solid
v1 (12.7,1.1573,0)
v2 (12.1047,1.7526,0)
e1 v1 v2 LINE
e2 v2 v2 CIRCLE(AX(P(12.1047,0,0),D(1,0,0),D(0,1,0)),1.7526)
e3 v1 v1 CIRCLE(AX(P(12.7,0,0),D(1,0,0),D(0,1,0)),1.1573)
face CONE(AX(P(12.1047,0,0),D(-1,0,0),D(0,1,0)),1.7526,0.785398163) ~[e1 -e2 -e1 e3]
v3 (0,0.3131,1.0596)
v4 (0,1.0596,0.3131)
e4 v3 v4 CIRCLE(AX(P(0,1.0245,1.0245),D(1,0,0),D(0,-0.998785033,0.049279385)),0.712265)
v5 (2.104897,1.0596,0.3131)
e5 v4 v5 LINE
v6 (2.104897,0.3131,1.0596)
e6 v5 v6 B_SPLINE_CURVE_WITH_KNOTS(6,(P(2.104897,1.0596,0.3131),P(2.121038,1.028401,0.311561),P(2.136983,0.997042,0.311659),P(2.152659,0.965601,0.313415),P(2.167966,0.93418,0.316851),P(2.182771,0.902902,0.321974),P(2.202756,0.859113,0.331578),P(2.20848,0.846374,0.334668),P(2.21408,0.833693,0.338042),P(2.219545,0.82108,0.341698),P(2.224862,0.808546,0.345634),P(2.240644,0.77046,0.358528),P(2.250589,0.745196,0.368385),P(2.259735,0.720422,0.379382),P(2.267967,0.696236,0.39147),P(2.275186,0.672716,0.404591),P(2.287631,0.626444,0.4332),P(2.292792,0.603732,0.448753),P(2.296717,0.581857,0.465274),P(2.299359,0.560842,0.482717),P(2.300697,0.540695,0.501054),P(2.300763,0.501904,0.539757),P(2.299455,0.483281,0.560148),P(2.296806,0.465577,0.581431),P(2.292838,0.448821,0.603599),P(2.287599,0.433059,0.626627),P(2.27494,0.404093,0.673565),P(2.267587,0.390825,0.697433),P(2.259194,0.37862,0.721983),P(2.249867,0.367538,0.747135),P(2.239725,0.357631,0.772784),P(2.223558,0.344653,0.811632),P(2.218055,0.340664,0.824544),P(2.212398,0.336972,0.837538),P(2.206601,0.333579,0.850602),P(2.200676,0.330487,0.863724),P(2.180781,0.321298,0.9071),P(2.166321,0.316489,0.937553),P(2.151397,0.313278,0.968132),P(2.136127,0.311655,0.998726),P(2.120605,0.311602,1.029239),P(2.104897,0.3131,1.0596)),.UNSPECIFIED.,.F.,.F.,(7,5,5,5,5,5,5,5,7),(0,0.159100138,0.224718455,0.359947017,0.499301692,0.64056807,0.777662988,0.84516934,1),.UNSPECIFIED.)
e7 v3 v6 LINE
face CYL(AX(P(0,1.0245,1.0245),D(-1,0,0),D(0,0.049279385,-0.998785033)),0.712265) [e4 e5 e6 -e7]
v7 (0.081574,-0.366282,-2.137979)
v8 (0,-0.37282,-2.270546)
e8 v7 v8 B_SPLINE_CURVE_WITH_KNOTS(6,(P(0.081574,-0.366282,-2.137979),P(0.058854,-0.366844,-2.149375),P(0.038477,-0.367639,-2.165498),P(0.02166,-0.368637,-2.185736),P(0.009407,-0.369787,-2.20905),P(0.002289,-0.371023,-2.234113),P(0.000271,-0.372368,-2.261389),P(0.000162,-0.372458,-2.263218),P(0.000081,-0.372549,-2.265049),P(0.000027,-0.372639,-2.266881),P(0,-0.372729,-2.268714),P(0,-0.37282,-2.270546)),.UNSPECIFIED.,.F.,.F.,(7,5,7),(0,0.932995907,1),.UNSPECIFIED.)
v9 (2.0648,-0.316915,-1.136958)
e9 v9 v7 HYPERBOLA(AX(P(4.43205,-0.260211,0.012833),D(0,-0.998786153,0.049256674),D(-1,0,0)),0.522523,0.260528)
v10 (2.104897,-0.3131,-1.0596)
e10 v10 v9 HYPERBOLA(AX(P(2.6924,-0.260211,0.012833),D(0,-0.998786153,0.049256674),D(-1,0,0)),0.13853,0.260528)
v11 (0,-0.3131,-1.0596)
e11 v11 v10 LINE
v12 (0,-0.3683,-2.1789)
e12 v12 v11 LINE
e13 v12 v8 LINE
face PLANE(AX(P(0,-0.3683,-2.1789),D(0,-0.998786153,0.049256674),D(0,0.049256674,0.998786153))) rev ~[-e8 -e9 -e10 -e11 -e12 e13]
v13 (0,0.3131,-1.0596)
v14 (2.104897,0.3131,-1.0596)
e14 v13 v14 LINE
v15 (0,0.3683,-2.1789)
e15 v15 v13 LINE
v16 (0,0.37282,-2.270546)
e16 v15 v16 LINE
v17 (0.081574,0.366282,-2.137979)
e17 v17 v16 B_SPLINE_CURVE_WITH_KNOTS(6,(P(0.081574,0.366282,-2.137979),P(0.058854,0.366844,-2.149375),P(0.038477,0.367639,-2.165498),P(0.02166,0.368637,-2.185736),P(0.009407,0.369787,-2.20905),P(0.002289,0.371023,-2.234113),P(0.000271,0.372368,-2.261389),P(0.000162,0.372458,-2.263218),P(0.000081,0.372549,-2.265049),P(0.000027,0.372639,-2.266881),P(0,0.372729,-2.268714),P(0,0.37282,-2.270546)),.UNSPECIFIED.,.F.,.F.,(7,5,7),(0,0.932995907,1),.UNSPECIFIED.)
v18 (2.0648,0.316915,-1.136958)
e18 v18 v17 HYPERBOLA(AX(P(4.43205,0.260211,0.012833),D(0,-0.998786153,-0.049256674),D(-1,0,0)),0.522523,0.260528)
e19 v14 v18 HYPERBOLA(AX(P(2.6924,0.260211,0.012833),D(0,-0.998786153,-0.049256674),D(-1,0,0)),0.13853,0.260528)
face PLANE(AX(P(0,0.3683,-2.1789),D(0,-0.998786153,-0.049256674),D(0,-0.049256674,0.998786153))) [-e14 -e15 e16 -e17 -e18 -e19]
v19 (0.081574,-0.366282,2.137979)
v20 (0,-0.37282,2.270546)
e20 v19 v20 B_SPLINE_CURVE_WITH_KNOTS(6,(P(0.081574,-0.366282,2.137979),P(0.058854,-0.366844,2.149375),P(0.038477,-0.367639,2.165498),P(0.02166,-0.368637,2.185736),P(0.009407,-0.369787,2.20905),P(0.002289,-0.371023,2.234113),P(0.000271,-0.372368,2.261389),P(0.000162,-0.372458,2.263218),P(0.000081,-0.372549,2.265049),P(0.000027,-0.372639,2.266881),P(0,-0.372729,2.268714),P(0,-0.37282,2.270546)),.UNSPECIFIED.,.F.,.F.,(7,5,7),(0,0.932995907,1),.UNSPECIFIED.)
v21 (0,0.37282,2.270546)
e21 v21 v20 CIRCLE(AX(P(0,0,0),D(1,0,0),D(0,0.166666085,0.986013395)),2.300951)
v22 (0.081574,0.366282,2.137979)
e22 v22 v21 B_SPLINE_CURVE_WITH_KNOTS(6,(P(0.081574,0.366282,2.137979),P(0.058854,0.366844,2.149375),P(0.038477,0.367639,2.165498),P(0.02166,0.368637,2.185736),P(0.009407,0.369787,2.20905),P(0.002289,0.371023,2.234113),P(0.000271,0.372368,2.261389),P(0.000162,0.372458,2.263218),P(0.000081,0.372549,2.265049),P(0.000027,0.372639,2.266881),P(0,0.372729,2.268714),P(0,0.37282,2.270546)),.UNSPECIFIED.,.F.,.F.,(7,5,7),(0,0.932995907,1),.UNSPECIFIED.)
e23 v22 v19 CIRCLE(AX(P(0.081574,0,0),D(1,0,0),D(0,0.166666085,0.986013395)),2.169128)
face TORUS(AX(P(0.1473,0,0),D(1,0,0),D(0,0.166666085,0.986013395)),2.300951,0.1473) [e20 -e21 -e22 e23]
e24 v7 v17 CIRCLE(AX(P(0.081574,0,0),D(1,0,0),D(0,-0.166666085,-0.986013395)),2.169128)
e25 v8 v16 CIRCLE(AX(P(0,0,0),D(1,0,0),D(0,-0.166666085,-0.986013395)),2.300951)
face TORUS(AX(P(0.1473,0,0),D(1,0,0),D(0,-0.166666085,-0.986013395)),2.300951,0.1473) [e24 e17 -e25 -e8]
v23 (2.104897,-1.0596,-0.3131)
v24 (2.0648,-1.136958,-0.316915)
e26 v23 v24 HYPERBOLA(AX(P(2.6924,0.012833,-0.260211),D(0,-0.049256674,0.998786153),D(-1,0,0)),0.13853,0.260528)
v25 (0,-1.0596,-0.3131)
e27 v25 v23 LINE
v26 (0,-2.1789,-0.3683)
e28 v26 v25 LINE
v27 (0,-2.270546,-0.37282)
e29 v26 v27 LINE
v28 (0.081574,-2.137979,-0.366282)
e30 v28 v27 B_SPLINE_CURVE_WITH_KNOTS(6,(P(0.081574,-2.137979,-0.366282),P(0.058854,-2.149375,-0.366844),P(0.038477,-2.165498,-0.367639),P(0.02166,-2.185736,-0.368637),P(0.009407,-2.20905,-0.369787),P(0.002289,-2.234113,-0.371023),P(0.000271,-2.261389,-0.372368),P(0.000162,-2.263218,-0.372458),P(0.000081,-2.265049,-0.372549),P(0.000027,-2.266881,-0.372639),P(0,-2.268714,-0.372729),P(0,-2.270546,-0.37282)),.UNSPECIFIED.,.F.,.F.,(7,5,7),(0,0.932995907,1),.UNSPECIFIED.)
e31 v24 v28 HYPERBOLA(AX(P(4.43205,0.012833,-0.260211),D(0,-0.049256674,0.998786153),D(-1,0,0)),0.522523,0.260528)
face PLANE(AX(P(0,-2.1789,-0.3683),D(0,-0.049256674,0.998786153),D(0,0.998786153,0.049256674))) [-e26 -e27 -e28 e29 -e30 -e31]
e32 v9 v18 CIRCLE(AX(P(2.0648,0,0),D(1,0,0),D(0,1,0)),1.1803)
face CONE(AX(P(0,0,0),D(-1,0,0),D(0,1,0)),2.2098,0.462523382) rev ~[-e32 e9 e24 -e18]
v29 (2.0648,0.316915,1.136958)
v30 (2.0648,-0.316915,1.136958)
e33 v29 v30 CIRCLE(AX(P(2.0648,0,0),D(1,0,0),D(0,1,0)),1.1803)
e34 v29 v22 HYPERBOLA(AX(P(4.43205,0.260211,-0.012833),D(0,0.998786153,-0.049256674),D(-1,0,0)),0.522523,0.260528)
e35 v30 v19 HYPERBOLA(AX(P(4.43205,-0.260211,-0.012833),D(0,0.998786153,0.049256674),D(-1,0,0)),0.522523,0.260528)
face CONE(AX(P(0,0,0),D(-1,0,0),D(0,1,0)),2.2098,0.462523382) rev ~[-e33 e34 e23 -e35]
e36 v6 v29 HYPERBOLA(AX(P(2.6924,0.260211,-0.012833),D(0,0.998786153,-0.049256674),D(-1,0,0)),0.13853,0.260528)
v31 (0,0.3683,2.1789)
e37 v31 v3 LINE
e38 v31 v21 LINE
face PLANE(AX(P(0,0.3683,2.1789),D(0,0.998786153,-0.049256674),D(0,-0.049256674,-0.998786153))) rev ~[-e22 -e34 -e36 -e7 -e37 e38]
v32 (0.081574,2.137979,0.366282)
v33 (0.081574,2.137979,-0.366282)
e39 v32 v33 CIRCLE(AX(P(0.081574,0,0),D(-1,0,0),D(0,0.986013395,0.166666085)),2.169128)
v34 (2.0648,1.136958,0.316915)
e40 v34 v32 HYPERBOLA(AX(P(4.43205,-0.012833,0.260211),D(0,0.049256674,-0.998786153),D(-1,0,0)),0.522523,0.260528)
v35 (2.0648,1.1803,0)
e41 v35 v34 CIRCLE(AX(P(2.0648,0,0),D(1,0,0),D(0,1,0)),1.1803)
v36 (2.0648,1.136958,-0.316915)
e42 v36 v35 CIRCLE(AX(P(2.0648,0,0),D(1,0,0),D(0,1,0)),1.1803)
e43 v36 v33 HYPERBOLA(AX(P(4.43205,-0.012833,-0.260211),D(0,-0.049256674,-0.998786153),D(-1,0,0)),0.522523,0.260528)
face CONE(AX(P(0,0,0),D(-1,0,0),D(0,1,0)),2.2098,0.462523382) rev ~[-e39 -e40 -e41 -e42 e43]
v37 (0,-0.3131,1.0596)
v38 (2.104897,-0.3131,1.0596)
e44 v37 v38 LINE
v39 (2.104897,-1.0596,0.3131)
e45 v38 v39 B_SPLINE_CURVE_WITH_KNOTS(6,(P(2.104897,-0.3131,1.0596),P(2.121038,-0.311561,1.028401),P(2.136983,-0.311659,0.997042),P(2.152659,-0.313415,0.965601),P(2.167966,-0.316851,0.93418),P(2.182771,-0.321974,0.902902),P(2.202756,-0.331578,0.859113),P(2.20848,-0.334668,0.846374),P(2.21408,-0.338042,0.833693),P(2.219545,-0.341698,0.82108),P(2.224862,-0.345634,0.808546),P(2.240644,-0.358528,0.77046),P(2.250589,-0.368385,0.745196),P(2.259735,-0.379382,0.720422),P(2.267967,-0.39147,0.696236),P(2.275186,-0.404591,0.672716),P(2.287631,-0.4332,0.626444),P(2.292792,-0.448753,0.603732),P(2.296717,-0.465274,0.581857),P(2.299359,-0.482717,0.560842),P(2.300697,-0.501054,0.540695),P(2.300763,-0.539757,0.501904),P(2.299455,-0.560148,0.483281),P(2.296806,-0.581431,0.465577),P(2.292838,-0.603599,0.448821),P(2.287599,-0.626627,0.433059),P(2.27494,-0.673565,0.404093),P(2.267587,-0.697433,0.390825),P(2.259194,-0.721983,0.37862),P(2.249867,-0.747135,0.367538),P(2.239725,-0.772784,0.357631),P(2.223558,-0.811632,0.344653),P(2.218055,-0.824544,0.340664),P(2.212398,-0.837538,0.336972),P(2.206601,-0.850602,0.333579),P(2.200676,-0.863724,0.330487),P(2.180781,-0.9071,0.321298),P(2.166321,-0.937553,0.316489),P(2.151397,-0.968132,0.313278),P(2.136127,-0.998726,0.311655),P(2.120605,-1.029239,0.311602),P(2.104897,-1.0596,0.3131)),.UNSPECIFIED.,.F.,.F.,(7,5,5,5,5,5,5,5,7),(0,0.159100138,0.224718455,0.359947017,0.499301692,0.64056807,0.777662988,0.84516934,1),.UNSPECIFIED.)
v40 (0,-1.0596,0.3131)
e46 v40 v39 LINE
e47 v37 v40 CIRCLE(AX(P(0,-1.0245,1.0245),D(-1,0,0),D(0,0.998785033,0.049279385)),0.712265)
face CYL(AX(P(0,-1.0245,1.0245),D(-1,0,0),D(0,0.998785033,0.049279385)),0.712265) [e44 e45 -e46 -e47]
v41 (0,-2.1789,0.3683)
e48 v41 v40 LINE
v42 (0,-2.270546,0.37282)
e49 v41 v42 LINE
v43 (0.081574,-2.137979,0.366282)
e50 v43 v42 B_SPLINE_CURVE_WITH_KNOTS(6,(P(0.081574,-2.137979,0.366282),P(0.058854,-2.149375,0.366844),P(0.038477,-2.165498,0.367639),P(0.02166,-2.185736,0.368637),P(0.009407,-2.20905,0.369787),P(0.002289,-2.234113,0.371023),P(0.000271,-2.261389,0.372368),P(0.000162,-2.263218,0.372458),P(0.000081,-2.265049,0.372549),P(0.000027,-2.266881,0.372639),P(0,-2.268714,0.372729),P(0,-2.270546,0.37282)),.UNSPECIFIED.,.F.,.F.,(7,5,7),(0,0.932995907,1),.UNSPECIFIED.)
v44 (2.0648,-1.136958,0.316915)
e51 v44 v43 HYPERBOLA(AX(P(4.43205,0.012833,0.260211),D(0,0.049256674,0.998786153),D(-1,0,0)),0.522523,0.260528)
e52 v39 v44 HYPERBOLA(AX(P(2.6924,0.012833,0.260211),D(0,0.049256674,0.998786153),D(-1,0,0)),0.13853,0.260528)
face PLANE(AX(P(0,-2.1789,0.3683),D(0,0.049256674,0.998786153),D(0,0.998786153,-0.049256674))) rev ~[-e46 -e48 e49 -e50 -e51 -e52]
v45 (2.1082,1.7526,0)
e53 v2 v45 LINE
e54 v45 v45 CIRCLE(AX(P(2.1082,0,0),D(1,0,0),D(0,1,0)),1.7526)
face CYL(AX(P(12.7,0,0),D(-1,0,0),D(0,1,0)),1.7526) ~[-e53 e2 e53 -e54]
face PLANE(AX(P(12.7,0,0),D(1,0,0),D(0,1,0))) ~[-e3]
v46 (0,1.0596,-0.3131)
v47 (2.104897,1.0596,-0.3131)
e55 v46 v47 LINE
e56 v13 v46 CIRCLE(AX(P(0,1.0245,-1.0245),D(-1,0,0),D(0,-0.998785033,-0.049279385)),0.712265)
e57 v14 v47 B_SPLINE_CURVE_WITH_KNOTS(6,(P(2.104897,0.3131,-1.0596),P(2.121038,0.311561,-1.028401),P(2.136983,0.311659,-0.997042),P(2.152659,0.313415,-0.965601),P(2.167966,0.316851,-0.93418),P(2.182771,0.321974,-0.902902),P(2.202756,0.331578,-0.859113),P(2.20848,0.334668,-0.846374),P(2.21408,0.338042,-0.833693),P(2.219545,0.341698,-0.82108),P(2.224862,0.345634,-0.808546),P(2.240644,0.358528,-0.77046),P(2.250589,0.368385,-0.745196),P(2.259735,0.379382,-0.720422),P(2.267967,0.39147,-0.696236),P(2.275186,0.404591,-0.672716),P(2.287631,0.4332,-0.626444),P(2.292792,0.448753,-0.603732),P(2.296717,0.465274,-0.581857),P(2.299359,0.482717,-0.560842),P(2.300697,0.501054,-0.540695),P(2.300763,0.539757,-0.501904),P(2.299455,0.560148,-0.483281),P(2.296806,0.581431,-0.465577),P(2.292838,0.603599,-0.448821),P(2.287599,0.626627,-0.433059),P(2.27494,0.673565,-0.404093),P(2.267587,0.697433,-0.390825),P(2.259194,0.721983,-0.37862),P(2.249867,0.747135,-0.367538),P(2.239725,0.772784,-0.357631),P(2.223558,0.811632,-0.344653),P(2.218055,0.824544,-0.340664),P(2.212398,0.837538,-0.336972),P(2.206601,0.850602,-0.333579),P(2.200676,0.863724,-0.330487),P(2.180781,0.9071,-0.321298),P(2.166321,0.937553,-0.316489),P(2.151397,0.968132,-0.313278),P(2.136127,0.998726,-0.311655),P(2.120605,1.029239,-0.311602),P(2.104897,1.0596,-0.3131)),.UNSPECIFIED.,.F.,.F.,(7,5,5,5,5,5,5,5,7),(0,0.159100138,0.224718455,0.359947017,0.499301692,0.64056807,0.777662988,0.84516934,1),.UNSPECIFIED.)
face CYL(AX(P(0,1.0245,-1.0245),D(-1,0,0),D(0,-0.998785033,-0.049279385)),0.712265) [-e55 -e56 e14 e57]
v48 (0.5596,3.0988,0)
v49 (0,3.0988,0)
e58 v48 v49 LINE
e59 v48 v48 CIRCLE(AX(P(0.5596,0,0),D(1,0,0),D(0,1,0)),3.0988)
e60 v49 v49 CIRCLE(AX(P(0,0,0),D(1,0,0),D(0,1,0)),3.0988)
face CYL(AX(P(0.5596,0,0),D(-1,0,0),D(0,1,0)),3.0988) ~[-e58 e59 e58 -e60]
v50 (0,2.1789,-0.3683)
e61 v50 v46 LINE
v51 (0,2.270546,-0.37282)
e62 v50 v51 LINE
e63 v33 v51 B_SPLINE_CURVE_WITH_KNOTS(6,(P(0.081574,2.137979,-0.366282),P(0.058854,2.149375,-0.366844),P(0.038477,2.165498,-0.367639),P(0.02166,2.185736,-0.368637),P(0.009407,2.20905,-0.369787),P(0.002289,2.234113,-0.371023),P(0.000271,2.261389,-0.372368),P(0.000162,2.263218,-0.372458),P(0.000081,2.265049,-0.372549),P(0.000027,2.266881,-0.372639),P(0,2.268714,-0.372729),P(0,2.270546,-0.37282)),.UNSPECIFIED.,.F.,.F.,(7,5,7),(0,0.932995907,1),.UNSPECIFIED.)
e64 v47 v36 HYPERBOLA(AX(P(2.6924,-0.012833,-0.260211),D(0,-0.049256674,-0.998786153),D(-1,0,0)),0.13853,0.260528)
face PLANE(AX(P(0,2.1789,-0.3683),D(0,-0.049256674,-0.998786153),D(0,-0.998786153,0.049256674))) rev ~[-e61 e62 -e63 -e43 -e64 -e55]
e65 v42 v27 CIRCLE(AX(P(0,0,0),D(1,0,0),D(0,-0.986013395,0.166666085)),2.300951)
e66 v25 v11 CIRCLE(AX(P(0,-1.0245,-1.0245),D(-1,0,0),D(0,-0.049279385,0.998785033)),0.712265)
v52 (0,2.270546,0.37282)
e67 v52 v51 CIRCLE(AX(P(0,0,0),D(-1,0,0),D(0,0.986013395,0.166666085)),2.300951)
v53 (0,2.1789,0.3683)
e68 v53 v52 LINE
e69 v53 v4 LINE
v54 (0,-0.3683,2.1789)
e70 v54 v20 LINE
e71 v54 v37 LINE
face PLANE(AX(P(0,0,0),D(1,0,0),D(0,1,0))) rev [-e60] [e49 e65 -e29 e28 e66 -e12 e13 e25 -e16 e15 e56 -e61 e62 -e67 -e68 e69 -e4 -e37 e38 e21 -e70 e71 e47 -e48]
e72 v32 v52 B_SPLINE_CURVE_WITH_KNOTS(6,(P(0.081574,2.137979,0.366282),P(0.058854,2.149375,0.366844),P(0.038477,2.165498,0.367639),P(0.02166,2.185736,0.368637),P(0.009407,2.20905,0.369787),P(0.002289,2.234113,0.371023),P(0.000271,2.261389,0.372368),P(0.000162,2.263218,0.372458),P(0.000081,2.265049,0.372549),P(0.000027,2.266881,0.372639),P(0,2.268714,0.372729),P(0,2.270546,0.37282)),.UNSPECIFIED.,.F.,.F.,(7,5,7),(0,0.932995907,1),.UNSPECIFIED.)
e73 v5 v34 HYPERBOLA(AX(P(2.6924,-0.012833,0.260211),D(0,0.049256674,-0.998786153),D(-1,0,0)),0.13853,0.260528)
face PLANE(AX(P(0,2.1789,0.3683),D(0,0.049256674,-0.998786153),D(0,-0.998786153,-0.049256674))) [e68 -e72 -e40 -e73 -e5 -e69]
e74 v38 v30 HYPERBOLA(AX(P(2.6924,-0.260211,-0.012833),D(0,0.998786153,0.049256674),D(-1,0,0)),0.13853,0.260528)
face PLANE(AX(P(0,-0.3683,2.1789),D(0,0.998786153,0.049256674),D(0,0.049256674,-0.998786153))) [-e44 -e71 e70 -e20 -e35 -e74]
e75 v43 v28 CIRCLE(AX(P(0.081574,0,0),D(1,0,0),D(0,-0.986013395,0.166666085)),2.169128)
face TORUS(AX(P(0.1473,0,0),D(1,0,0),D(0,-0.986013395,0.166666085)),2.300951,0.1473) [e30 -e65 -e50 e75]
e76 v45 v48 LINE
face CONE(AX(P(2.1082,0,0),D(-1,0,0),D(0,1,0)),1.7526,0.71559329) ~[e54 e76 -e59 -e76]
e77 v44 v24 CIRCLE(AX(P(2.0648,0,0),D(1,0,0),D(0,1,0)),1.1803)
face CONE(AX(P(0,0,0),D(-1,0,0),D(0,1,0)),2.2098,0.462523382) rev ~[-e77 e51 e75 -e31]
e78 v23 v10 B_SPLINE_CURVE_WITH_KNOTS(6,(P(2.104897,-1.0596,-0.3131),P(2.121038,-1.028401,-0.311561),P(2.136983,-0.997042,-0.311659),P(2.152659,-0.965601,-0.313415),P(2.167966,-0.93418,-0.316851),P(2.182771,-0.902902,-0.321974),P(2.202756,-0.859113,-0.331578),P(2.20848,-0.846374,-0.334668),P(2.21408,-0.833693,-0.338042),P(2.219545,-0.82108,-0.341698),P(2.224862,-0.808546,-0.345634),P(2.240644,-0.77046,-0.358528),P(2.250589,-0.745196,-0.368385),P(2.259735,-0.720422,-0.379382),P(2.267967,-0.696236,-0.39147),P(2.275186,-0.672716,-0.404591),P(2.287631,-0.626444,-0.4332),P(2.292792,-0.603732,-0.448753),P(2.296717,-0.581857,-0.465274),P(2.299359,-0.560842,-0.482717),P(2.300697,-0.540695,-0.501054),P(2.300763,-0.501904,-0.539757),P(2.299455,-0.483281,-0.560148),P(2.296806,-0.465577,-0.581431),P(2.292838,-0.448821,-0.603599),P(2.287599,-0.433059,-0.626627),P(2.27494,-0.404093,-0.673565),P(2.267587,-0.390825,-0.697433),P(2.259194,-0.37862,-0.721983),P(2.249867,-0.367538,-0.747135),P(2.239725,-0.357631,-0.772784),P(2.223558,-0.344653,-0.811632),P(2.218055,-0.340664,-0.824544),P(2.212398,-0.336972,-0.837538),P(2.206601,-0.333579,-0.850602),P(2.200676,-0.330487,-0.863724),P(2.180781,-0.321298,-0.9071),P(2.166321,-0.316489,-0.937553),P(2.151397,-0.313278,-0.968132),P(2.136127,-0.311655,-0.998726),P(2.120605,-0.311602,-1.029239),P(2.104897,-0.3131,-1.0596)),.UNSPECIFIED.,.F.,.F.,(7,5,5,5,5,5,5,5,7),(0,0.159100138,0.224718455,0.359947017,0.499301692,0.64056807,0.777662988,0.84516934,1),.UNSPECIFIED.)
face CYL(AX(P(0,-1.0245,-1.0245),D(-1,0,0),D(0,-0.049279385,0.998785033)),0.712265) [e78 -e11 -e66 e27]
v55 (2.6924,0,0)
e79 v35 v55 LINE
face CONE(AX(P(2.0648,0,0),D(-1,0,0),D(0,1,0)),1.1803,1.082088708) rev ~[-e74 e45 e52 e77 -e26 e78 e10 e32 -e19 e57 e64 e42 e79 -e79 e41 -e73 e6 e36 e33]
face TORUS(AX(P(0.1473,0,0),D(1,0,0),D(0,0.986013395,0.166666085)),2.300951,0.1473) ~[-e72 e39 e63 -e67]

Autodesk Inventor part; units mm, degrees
ref_plane "YZ Plane" through (0, 0, 0) normal (1, 0, 0) x (0, 1, 0)
ref_plane "XZ Plane" through (0, 0, 0) normal (0, 1, 0) x (-1, 0, 0)
sketch "Sketch1" plane through (0, 0, 0) normal (0, 0, 1) x (1, 0, 0)
  line L0 (2.6924, 0) -> (12.7, 0)
  line L1 (12.7, 0) -> (12.7, 1.7526)
  line L2 (12.7, 1.7526) -> (2.1082, 1.7526)
  line L3 (0.5596, 3.0988) -> (0, 3.0988)
  line L4 (-2.54, 0) -> (15.24, 0) projected
  line L5 (0, -0.6198) -> (0, 3.7186) projected
  line L6 (0, 2.2098) -> (2.0648, 1.1803)
  line L7 (2.0648, 1.1803) -> (2.6924, 0)
  line L8 (2.1082, 1.7526) -> (0.5596, 3.0988)
  line L9 (0, 3.0988) -> (0, 2.2098)
  dimension "d2" = 3.5052
  dimension "d3" = 6.1976
  dimension "d4" = 2.6924
  dimension "d5" = 4.4196
  dimension "d6" = 26.5
  dimension "d7" = 62
  dimension "d13" = 41
  dimension "d14" = 2.1082
  dimension "d15" = 12.7
revolve "Body" add sketch "Sketch1" angle 360 about axis through (2.6924, 0, 0) along (1, 0, 0) contours L7 L6 L5 L3 L8 L2 L1 L0
sketch "Sketch2" plane through (0, 0, 0) normal (-1, 0, 0) x (0, 0, 1)
  line L0 (0, -4.3383) -> (0, 4.3383) projected
  line L1 (-4.3383, 0) -> (4.3383, 0) projected
  line L2 (0, 2.2098) -> (0, 0) construction
  line L3 (0, 0) -> (2.2098, 0) construction
  arc A0 (0.7366, 0) -> (0, 0.7366) centre (0, 0) ccw
  line L4 (0, 0) -> (0.7947, 0.7947) construction
  arc A1 (1.1049, 0) -> (0, 1.1049) centre (0, 0) ccw construction
  line L5 (0.3683, 2.1789) -> (0.3131, 1.0596)
  line L6 (2.1789, 0.3683) -> (1.0596, 0.3131)
  arc A2 (0.3131, 1.0596) -> (1.0596, 0.3131) centre (1.0245, 1.0245) ccw
  arc A3 (2.2098, 0) -> (2.1789, 0.3683) centre (0, 0) ccw
  arc A4 (0.3683, 2.1789) -> (0, 2.2098) centre (0, 0) ccw
  arc A5 (2.1789, 0.3683) -> (0.3683, 2.1789) centre (0, 0) ccw
  line L7 (0.3683, -2.1789) -> (0.3131, -1.0596)
  line L8 (2.1789, -0.3683) -> (1.0596, -0.3131)
  arc A6 (1.0596, -0.3131) -> (0.3131, -1.0596) centre (1.0245, -1.0245) ccw
  arc A7 (2.1789, -0.3683) -> (2.2098, 0) centre (0, 0) ccw
  arc A8 (0, -2.2098) -> (0.3683, -2.1789) centre (0, 0) ccw
  arc A9 (0.3683, -2.1789) -> (2.1789, -0.3683) centre (0, 0) ccw
  line L9 (-0.3683, 2.1789) -> (-0.3131, 1.0596)
  line L10 (-2.1789, 0.3683) -> (-1.0596, 0.3131)
  arc A10 (-1.0596, 0.3131) -> (-0.3131, 1.0596) centre (-1.0245, 1.0245) ccw
  arc A11 (-2.1789, 0.3683) -> (-2.2098, 0) centre (0, 0) ccw
  arc A12 (0, 2.2098) -> (-0.3683, 2.1789) centre (0, 0) ccw
  arc A13 (-0.3683, 2.1789) -> (-2.1789, 0.3683) centre (0, 0) ccw
  arc A14 (-2.1789, -0.3683) -> (-0.3683, -2.1789) centre (0, 0) ccw
  arc A15 (-0.3683, -2.1789) -> (0, -2.2098) centre (0, 0) ccw
  arc A16 (-2.2098, 0) -> (-2.1789, -0.3683) centre (0, 0) ccw
  line L11 (-2.1789, -0.3683) -> (-1.0596, -0.3131)
  arc A17 (-0.3131, -1.0596) -> (-1.0596, -0.3131) centre (-1.0245, -1.0245) ccw
  line L12 (-0.3683, -2.1789) -> (-0.3131, -1.0596)
  dimension "d18" = 45
  dimension "d19" = 1.4732
  dimension "d20" = 2.2098
  dimension "d21" = 4.4196
  dimension "d22" = 0.3683
extrude "Slot" add sketch "Sketch2" against normal up to next contours A2 L5 A5 L6 | L9 A10 L10 A13 | L7 A6 L8 A9 | A14 L11 A17 L12
fillet "Fillet1" radius 0.1473 4 edges at (0, 2.2098, 0) (0, 0, 2.2098) (0, -2.2098, 0) (0, 0, -2.2098)
thread "Thread" size "6-32 UNC" class "2A" standard "ANSI Unified Screw Threads" length 8.6074
chamfer "Chamfer1" distance 0.5953 distance2 0.5953 1 edges at (12.7, -1.7526, 0) measured on face at (12.7, -0.023, 0.3874)
ref_plane "Work Plane2" through (2.032, 0, 0) normal (0, 1, 0) x (1, 0, 0)
equation "\"d2\" = GD"
equation "\"d3\" = KOD"
equation "\"d4\" = INTI"
equation "\"d5\" = SDM"
equation "\"d13\" = 0.5 * SEWI"
equation "\"d14\" = KOH"
equation "\"d15\" = NLG"
equation "\"d19\" = 0.333333 * SDM"
equation "\"d20\" = 0.5 * SDM"
equation "\"d21\" = SDM"
equation "\"d22\" = 0.5 * SBR"
equation "\"d45\" = INTI"
equation "\"d25\" = 0.2 * SBR"
equation "\"d9\" = GEL"
equation "\"d11\" = -0.5 * SPD + 0.5 * GD"
equation "\"d12\" = GUL"
equation "\"GD\" = NND"
equation "\"NLG\" = 12.7"
equation "\"GEL\" = 8.60742"
equation "\"KOD\" = 6.1976"
equation "\"KOH\" = 2.1082"
equation "\"SDM\" = 4.4196"
equation "\"INTI\" = 2.6924"
equation "\"SBR\" = 0.7366"
equation "\"GUL\" = 0.75 * GAL"
equation "\"SPD\" = 2.31458"
equation "\"SEWI\" = 82deg"
equation "\"d0\" = NLG"
equation "\"d1\" = KOH"
equation "\"d17\" = SDM"
equation "\"TOA\" = 30deg"
equation "\"THREADDIA\" = 3.5052"
equation "\"BDM\" = NND"
equation "\"NND\" = 3.5052"
equation "\"GAL\" = 0.79375"
equation "\"GD1\" = SPD"
properties part number "ANSI B18.6.3 - 6-32 x 1/2, CRFCHMSTII(5)" material "Steel, Mild"
